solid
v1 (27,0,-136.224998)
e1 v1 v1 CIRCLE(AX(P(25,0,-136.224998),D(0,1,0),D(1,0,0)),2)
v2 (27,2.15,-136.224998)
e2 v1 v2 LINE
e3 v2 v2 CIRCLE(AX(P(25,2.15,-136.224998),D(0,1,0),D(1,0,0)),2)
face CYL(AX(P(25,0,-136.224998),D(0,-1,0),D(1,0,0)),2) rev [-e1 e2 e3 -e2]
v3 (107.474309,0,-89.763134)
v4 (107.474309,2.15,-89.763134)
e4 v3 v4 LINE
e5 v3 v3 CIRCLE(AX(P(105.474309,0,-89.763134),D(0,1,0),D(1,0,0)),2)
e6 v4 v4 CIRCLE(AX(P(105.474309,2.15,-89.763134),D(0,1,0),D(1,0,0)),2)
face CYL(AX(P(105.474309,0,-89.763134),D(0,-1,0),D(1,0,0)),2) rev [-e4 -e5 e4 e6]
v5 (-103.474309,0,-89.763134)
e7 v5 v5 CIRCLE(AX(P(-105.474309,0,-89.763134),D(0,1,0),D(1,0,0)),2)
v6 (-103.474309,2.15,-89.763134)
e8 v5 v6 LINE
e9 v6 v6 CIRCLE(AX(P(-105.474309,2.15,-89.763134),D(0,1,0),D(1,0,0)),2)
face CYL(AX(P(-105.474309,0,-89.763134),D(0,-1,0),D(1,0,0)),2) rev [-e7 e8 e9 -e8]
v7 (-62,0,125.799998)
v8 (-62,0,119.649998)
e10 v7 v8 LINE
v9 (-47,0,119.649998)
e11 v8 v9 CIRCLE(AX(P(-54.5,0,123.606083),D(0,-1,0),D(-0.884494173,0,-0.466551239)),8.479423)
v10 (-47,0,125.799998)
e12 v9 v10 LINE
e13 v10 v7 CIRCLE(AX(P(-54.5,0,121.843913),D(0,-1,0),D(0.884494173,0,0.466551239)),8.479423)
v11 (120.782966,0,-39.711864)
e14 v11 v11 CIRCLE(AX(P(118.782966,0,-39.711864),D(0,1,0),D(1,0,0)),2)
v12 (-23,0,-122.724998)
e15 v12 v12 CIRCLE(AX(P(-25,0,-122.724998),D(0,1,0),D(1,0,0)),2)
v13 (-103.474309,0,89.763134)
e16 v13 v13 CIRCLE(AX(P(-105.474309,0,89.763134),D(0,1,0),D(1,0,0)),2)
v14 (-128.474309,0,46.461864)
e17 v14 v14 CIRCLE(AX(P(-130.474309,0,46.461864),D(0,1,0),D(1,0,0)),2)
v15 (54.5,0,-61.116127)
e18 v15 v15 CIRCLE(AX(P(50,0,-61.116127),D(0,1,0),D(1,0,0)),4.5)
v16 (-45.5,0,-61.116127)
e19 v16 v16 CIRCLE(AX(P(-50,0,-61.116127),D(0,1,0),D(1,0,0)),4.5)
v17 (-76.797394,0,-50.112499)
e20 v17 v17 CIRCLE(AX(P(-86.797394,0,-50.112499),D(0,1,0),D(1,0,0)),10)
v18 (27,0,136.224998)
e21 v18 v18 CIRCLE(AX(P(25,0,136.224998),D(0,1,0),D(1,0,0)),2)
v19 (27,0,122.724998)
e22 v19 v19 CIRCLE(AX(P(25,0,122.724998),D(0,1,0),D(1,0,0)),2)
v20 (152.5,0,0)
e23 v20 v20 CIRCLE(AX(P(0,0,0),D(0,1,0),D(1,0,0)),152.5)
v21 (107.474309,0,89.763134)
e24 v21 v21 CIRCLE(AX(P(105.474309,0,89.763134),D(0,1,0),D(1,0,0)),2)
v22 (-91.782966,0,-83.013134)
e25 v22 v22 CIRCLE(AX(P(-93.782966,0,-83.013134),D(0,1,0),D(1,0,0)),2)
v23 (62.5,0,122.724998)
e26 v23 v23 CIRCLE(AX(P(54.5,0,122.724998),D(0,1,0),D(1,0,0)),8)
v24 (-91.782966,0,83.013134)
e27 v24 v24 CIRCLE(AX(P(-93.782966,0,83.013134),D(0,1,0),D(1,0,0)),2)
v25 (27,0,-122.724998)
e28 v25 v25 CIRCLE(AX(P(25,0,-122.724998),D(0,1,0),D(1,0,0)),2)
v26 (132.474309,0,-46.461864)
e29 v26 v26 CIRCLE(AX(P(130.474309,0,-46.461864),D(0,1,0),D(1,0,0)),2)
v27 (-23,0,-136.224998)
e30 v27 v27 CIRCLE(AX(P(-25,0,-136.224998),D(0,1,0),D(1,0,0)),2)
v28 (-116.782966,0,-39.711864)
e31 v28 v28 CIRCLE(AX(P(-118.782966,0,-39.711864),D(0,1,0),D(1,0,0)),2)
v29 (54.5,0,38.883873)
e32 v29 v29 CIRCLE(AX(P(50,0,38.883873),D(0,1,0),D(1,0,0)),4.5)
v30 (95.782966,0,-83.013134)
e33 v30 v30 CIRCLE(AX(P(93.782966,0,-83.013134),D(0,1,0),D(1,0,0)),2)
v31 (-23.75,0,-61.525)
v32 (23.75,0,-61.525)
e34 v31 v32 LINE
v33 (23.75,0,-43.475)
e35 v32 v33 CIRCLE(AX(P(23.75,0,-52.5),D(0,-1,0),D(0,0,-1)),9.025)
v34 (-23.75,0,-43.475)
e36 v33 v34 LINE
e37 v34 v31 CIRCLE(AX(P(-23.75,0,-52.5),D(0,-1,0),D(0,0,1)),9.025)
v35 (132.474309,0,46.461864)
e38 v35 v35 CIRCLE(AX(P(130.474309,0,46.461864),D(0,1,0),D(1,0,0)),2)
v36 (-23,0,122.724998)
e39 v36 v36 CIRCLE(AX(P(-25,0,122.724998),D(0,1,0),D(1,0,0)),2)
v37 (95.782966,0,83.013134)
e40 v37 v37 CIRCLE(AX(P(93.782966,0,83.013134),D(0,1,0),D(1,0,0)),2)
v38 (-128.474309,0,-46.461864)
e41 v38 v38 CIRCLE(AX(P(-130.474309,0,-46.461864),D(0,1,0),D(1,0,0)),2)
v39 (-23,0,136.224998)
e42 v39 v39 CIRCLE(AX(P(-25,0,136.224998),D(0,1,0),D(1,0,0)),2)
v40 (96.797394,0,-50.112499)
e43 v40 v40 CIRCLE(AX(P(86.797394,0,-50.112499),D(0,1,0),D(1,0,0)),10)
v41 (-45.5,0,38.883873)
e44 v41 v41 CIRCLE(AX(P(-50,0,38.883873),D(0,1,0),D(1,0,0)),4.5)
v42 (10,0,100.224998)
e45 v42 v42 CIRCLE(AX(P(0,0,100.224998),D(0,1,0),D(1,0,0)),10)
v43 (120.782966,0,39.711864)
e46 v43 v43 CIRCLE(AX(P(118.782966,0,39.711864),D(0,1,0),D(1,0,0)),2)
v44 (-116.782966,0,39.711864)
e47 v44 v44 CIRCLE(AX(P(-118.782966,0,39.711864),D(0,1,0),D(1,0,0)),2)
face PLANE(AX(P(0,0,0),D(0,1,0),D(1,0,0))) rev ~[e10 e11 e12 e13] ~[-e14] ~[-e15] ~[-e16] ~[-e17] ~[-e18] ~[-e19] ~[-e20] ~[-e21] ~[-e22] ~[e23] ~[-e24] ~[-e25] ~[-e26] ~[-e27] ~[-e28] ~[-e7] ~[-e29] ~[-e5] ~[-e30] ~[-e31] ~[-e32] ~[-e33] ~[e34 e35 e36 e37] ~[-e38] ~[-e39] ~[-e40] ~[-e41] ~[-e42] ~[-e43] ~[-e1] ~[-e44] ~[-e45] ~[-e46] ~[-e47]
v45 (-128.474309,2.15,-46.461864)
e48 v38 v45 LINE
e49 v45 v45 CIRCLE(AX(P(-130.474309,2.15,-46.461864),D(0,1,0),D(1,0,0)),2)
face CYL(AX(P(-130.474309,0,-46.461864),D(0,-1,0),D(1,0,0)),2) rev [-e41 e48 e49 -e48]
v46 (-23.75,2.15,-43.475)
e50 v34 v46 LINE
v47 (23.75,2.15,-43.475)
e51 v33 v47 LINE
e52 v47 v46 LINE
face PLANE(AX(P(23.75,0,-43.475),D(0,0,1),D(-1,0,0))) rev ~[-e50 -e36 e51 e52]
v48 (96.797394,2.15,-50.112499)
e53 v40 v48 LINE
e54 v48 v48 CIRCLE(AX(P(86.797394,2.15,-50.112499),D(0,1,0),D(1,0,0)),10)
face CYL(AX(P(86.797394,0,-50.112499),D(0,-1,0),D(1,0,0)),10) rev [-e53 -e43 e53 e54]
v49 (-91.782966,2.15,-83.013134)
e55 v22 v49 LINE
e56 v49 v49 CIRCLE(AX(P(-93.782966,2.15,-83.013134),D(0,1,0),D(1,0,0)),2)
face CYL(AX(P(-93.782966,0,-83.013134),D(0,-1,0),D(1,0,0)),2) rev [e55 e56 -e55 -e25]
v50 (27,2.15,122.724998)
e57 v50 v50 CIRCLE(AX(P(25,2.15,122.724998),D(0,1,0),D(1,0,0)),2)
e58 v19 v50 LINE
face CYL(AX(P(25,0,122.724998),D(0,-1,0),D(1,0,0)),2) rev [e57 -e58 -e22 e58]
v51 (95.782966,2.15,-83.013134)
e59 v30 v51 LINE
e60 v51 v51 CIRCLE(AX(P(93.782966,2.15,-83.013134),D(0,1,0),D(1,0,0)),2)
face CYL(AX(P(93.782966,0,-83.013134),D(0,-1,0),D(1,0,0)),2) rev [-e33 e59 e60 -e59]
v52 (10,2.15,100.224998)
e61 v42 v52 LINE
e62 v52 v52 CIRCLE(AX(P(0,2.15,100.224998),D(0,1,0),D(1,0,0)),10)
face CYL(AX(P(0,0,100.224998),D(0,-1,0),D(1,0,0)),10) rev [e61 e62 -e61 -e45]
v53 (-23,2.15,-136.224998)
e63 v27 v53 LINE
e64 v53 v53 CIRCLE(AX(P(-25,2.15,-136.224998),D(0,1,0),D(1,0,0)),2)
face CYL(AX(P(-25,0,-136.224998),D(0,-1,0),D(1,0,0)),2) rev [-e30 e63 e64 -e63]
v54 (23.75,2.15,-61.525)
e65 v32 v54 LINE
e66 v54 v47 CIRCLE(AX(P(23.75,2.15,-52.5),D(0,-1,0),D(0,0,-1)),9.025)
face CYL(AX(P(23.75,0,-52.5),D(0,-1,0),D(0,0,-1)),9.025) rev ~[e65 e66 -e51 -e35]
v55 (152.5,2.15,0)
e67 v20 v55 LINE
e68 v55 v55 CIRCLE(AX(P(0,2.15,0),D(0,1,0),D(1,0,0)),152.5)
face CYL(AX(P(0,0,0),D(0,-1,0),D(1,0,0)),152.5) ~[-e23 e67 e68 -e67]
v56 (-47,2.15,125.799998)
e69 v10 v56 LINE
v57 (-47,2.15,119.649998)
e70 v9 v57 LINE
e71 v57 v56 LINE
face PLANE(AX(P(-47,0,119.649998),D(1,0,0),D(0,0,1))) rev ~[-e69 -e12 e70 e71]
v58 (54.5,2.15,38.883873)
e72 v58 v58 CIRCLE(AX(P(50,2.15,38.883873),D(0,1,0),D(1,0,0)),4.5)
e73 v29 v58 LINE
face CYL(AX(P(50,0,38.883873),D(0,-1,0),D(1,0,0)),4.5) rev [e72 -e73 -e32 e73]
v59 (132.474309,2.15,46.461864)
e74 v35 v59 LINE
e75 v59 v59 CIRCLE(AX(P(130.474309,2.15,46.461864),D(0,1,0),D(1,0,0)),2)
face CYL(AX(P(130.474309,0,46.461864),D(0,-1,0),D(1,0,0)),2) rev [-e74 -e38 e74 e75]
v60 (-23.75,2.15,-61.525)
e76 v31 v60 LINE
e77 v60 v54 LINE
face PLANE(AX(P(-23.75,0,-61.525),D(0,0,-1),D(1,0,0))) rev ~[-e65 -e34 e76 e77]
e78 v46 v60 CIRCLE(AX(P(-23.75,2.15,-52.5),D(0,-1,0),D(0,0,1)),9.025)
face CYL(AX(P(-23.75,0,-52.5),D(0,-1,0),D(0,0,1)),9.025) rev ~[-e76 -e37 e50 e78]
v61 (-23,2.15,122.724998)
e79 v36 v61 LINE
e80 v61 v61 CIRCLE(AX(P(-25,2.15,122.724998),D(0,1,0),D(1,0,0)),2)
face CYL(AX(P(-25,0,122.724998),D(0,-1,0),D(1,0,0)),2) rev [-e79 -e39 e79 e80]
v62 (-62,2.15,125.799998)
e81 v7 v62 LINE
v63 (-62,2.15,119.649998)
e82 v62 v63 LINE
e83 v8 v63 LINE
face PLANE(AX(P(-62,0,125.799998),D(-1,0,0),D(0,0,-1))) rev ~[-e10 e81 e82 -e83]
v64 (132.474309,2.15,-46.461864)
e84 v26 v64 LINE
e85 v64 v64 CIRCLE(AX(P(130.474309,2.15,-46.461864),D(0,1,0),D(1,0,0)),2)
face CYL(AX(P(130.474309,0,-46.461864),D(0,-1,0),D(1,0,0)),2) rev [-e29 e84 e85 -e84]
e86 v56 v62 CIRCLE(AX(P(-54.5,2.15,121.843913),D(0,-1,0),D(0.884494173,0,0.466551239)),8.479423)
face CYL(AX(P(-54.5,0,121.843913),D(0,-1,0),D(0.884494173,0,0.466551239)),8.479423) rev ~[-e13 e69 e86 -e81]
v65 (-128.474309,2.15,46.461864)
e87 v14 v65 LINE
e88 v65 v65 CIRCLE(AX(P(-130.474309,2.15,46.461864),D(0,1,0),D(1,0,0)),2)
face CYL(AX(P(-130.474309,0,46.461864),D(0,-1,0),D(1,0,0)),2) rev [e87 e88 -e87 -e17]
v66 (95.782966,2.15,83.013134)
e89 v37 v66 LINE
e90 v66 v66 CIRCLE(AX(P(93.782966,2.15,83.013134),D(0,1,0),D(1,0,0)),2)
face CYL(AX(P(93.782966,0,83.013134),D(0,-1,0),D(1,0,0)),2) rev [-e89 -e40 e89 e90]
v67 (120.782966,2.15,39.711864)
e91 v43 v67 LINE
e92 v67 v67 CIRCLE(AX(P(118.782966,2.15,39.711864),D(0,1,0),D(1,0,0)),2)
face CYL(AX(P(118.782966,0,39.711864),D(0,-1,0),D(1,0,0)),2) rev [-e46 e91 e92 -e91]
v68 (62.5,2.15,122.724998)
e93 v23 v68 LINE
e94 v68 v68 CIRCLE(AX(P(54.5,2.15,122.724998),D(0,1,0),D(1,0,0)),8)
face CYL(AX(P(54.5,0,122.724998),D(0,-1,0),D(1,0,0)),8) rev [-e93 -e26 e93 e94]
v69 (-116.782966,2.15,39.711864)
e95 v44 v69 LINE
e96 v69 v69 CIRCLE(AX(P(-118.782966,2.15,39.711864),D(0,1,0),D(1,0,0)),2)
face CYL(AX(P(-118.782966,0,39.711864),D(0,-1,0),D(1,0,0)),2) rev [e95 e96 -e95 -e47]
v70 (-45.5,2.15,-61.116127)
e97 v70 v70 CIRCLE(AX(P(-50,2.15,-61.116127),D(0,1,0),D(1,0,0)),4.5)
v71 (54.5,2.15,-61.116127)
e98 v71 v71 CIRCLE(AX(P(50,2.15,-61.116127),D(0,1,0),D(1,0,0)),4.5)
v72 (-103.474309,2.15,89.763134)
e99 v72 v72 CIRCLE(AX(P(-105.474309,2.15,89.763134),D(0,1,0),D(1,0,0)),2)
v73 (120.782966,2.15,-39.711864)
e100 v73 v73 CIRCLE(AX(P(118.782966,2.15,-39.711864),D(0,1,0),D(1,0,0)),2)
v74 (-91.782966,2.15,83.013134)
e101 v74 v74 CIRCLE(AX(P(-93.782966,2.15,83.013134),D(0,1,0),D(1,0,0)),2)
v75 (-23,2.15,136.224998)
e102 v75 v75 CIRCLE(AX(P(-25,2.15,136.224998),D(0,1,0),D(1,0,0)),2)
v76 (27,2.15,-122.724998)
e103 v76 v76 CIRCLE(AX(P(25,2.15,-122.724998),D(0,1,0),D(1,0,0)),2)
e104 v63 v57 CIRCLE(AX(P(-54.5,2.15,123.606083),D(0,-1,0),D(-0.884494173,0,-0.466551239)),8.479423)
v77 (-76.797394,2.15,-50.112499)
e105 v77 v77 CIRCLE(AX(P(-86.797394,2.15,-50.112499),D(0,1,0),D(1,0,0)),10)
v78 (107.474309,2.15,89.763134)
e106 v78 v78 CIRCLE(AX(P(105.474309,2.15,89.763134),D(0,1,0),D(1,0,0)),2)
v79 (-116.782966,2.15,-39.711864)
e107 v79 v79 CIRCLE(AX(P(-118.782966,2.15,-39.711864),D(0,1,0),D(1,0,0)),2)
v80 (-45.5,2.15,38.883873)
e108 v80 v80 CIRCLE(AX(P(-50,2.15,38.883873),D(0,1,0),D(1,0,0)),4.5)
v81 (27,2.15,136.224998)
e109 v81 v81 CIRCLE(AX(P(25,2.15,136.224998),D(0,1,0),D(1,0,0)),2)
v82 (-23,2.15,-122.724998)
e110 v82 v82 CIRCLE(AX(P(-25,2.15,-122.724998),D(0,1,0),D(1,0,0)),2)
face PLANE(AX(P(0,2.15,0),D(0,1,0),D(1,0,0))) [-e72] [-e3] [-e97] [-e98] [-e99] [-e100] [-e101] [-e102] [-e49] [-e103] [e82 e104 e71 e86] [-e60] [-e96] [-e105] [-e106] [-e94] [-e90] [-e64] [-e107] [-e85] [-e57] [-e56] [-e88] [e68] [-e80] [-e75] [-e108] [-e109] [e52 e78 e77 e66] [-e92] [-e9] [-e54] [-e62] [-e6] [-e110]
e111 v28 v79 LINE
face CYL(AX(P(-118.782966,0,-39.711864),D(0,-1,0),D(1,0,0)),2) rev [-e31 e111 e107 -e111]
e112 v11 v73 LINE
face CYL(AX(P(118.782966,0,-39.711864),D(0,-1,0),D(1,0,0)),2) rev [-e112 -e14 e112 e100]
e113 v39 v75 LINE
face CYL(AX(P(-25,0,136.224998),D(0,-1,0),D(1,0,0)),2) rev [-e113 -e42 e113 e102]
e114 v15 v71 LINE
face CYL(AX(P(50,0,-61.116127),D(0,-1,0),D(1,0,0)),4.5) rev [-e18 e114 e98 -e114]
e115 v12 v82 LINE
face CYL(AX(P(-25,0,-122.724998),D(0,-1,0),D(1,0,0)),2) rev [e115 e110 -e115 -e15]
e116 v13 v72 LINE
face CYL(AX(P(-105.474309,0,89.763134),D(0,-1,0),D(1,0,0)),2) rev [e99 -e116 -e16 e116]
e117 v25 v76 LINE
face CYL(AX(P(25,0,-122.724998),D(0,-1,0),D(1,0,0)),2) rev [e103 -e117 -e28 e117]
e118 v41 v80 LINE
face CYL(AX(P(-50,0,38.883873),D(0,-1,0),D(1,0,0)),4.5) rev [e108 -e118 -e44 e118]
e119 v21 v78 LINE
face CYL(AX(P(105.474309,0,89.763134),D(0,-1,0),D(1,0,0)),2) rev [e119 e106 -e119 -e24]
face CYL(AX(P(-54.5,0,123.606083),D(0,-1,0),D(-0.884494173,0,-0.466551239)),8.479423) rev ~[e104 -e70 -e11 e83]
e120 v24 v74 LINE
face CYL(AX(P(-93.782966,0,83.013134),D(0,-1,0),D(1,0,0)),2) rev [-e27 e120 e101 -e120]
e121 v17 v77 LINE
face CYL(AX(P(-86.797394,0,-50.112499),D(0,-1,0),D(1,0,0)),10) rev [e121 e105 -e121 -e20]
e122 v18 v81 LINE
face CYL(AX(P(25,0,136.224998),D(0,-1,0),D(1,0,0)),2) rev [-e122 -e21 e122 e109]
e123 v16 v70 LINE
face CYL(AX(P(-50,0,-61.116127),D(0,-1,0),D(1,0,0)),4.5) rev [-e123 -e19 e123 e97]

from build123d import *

# Parameters (mm, degrees)
SKETCH1_R           = 152.5
SKETCH1_R_2         = 2
SKETCH1_R_3         = 10
SKETCH1_R_4         = 8
SKETCH1_R_5         = 4.5
BOSS_EXTRUDE1_DEPTH = 2.15


with BuildPart() as part:
    # Sketch1 → Boss-Extrude1 (new body)
    with BuildSketch(Plane(origin=(0, 0, 0), x_dir=(1, 0, 0), z_dir=(0, 1, 0))):
        Circle(SKETCH1_R)
        with Locations((-25, -136.224997706)):
            Circle(SKETCH1_R_2, mode=Mode.SUBTRACT)
        with Locations((-25, -122.724997706)):
            Circle(SKETCH1_R_2, mode=Mode.SUBTRACT)
        with Locations((25, -136.224997706)):
            Circle(SKETCH1_R_2, mode=Mode.SUBTRACT)
        with Locations((25, -122.724997706)):
            Circle(SKETCH1_R_2, mode=Mode.SUBTRACT)
        with Locations((-118.782965693, -39.711863758)):
            Circle(SKETCH1_R_2, mode=Mode.SUBTRACT)
        with Locations((-130.474308644, -46.461863758)):
            Circle(SKETCH1_R_2, mode=Mode.SUBTRACT)
        with Locations((-93.782965693, -83.013133948)):
            Circle(SKETCH1_R_2, mode=Mode.SUBTRACT)
        with Locations((-105.474308644, -89.763133948)):
            Circle(SKETCH1_R_2, mode=Mode.SUBTRACT)
        with Locations((-93.782965693, 83.013133948)):
            Circle(SKETCH1_R_2, mode=Mode.SUBTRACT)
        with Locations((-105.474308644, 89.763133948)):
            Circle(SKETCH1_R_2, mode=Mode.SUBTRACT)
        with Locations((-118.782965693, 39.711863758)):
            Circle(SKETCH1_R_2, mode=Mode.SUBTRACT)
        with Locations((-130.474308644, 46.461863758)):
            Circle(SKETCH1_R_2, mode=Mode.SUBTRACT)
        with Locations((25, 122.724997706)):
            Circle(SKETCH1_R_2, mode=Mode.SUBTRACT)
        with Locations((25, 136.224997706)):
            Circle(SKETCH1_R_2, mode=Mode.SUBTRACT)
        with Locations((-25, 122.724997706)):
            Circle(SKETCH1_R_2, mode=Mode.SUBTRACT)
        with Locations((-25, 136.224997706)):
            Circle(SKETCH1_R_2, mode=Mode.SUBTRACT)
        with Locations((118.782965693, 39.711863758)):
            Circle(SKETCH1_R_2, mode=Mode.SUBTRACT)
        with Locations((130.474308644, 46.461863758)):
            Circle(SKETCH1_R_2, mode=Mode.SUBTRACT)
        with Locations((93.782965693, 83.013133948)):
            Circle(SKETCH1_R_2, mode=Mode.SUBTRACT)
        with Locations((105.474308644, 89.763133948)):
            Circle(SKETCH1_R_2, mode=Mode.SUBTRACT)
        with Locations((93.782965693, -83.013133948)):
            Circle(SKETCH1_R_2, mode=Mode.SUBTRACT)
        with Locations((105.474308644, -89.763133948)):
            Circle(SKETCH1_R_2, mode=Mode.SUBTRACT)
        with Locations((118.782965693, -39.711863758)):
            Circle(SKETCH1_R_2, mode=Mode.SUBTRACT)
        with Locations((130.474308644, -46.461863758)):
            Circle(SKETCH1_R_2, mode=Mode.SUBTRACT)
        with Locations((0, -100.224997706)):
            Circle(SKETCH1_R_3, mode=Mode.SUBTRACT)
        with Locations((-86.797394108, 50.112498853)):
            Circle(SKETCH1_R_3, mode=Mode.SUBTRACT)
        with Locations((86.797394108, 50.112498853)):
            Circle(SKETCH1_R_3, mode=Mode.SUBTRACT)
        with Locations((54.5, -122.724997706)):
            Circle(SKETCH1_R_4, mode=Mode.SUBTRACT)
        with Locations((-50, 61.116126736)):
            Circle(SKETCH1_R_5, mode=Mode.SUBTRACT)
        with Locations((-50, -38.883873264)):
            Circle(SKETCH1_R_5, mode=Mode.SUBTRACT)
        with Locations((50, -38.883873264)):
            Circle(SKETCH1_R_5, mode=Mode.SUBTRACT)
        with Locations((50, 61.116126736)):
            Circle(SKETCH1_R_5, mode=Mode.SUBTRACT)
        with BuildLine():
            Line((-23.75, 61.525), (23.75, 61.525))
            ThreePointArc((23.75, 61.525), (32.775, 52.5), (23.75, 43.475))
            Line((23.75, 43.475), (-23.75, 43.475))
            ThreePointArc((-23.75, 43.475), (-32.775, 52.5), (-23.75, 61.525))
        make_face(mode=Mode.SUBTRACT)
        with BuildLine():
            Line((-62, -125.799997706), (-62, -119.649997706))
            ThreePointArc((-62, -119.649997706), (-54.5, -115.126660151), (-47, -119.649997706))
            Line((-47, -119.649997706), (-47, -125.799997706))
            ThreePointArc((-47, -125.799997706), (-54.5, -130.323335261), (-62, -125.799997706))
        make_face(mode=Mode.SUBTRACT)
    extrude(amount=BOSS_EXTRUDE1_DEPTH)


solid = part.part
